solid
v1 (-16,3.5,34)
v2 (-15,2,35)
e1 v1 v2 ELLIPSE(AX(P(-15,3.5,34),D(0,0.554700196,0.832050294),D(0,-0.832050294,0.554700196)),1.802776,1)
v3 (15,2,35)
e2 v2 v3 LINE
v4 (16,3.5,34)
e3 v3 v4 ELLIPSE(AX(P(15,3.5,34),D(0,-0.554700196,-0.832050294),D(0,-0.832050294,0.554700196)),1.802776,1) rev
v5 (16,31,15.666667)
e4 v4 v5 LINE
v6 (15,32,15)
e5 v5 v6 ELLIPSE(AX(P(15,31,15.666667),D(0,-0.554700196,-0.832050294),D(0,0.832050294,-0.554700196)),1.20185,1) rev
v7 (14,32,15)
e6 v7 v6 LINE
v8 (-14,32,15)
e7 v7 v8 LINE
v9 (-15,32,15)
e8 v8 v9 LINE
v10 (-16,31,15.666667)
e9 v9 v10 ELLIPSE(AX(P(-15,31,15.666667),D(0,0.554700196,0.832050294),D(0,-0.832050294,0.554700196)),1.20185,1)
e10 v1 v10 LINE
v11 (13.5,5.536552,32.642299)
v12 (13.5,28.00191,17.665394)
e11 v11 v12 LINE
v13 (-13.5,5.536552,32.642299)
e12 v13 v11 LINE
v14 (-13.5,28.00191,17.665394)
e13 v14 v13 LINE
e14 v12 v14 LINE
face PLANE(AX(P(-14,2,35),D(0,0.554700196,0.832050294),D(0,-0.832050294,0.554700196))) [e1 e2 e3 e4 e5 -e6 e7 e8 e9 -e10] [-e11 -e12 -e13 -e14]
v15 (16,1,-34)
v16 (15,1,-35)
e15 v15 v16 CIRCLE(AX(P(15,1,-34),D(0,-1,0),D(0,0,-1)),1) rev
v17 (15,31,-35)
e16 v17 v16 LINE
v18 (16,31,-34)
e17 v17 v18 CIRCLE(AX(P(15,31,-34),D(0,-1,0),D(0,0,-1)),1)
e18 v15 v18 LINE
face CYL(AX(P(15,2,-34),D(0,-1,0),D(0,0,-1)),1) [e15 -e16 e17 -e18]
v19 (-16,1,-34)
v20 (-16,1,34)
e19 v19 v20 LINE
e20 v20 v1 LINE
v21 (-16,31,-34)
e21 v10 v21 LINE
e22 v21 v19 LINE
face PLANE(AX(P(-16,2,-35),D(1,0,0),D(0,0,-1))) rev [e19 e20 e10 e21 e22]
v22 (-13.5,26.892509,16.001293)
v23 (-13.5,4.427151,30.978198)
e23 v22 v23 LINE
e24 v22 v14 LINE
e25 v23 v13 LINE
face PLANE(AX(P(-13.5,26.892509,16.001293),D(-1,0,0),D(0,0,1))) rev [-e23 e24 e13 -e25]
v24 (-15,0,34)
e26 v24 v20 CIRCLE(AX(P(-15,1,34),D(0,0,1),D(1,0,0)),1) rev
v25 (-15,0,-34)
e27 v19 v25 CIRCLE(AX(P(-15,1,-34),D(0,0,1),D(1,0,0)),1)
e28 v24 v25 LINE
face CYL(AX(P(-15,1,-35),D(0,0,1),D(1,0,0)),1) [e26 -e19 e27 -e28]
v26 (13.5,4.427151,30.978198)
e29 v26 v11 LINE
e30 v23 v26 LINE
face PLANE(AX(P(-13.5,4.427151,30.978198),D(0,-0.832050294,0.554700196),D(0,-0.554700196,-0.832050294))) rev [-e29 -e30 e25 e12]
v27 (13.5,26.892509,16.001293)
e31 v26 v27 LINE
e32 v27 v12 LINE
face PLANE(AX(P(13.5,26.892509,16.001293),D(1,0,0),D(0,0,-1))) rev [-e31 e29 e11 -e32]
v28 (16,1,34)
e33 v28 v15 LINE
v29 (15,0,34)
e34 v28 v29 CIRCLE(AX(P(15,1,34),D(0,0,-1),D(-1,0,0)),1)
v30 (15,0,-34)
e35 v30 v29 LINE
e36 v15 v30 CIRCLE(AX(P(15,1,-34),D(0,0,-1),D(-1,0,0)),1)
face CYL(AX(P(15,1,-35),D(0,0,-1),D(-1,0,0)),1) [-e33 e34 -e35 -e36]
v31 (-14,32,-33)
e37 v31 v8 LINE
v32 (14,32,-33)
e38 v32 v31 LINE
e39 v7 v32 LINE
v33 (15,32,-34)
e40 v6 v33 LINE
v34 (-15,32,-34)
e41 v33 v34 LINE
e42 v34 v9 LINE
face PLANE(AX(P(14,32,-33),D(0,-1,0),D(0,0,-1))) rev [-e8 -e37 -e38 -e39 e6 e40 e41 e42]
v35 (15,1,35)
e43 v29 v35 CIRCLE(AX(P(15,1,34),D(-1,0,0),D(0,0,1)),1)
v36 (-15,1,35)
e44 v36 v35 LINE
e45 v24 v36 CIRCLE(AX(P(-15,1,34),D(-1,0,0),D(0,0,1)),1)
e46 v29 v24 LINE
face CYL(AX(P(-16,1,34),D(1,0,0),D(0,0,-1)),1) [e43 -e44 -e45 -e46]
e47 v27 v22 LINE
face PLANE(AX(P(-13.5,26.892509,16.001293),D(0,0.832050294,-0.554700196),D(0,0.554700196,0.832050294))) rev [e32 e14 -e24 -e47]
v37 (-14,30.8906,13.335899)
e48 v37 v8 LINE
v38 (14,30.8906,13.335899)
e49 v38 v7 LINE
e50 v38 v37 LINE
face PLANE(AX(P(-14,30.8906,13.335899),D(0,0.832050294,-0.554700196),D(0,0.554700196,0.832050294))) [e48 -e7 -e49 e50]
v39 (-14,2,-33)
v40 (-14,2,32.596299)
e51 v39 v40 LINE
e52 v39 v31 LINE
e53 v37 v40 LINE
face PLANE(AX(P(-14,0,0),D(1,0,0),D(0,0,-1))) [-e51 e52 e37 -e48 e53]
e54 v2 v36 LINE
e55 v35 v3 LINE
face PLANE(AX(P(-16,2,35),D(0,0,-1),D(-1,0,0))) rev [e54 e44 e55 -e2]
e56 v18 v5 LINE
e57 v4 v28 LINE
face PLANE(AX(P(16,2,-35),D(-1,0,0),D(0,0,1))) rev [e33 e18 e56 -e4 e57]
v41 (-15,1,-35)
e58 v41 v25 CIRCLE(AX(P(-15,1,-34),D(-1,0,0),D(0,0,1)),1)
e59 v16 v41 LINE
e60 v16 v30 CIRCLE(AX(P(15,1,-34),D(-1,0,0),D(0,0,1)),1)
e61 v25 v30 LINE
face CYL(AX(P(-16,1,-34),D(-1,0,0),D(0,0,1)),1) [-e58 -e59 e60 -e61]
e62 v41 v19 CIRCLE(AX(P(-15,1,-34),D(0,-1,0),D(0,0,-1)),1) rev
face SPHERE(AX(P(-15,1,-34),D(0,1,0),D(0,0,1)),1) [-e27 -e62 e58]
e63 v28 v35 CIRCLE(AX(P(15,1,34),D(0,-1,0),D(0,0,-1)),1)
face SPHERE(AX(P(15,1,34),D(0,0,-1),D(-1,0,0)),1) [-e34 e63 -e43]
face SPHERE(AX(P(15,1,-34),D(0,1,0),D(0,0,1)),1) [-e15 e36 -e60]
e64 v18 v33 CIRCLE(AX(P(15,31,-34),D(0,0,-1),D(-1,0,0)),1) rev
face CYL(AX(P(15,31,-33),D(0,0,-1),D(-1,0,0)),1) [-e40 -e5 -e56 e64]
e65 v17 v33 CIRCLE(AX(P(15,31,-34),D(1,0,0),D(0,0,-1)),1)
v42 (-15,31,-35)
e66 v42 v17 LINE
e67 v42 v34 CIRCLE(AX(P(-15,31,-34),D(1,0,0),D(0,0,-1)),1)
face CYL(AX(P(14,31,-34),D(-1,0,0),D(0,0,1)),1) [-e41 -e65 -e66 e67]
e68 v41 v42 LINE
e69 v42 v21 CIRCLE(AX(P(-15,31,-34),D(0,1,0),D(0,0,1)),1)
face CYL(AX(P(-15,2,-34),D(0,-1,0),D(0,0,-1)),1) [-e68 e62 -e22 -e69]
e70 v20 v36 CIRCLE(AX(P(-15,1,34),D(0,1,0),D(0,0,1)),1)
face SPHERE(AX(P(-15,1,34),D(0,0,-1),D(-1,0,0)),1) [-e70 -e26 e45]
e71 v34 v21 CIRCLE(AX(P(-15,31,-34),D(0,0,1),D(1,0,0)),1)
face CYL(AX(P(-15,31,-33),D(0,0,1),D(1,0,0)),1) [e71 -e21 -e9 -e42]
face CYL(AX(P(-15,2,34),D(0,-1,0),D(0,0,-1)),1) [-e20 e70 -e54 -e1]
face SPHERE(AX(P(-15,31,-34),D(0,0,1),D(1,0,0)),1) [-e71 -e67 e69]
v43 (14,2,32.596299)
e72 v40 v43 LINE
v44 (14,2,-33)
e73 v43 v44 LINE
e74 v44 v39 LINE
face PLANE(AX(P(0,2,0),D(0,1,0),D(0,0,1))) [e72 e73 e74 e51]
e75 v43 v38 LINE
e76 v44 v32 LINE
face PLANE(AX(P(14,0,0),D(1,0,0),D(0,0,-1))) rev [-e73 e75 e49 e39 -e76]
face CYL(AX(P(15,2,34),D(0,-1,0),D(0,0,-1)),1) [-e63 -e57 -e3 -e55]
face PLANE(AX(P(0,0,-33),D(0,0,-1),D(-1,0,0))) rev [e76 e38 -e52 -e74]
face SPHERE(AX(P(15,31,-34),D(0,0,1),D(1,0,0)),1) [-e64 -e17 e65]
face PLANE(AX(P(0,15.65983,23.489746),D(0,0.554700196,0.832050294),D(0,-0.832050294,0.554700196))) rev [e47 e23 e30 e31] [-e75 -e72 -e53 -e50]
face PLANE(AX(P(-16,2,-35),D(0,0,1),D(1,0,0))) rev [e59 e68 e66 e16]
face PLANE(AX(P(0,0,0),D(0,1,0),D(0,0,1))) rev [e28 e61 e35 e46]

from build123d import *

# Parameters (mm, degrees)
SKETCH2_W           = 32
SKETCH2_H           = 70
BOSS_EXTRUDE1_DEPTH = 2
BOSS_EXTRUDE2_DEPTH = 2
BOSS_EXTRUDE3_DEPTH = 2
SKETCH6_W           = 28
SKETCH6_H           = 30
BOSS_EXTRUDE4_DEPTH = 2
FILLET1_R           = 1
FILLET2_R           = 1
FILLET3_R           = 1
FILLET4_R           = 1
FILLET5_R           = 1
SKETCH7_W           = 28
SKETCH7_H           = 36.055512754
SKETCH7_W_2         = 27
SKETCH7_H_2         = 27
BOSS_EXTRUDE5_DEPTH = 2


with BuildPart() as part:
    # Sketch2 → Boss-Extrude1 (new body)
    with BuildSketch(Plane(origin=(0, 0, 0), x_dir=(1, 0, 0), z_dir=(0, 1, 0))):
        Rectangle(SKETCH2_W, SKETCH2_H)
    extrude(amount=BOSS_EXTRUDE1_DEPTH)



with BuildPart() as body_2:
    # Sketch4 → Boss-Extrude2 (new body)
    with BuildSketch(Plane.ZY.offset(16)):
        Polygon((35, 2), (15, 32), (-35, 32), (-35, 2), align=None)
    extrude(amount=-BOSS_EXTRUDE2_DEPTH)


with BuildPart() as body_3:
    # Sketch5 → Boss-Extrude3 (new body)
    with BuildSketch(Plane(origin=(16, 0, 0), x_dir=(0, 0, -1), z_dir=(1, 0, 0))):
        Polygon((-35, 2), (-15, 32), (35, 32), (35, 2), align=None)
    extrude(amount=-BOSS_EXTRUDE3_DEPTH)


with BuildPart() as part_1:
    add(part.part)

    add(body_2.part)  # Boss-Extrude4 merges body 2

    add(body_3.part)  # Boss-Extrude4 merges body 3
    # Sketch6 → Boss-Extrude4 (add)
    with BuildSketch(Plane(origin=(0, 0, -35), x_dir=(-1, 0, 0), z_dir=(0, 0, -1))):
        with Locations((0, 17)):
            Rectangle(SKETCH6_W, SKETCH6_H)
    extrude(amount=-BOSS_EXTRUDE4_DEPTH)

    # Fillet1
    fillet1_edges = [part_1.edges().sort_by_distance(p)[0] for p in [
        (16, 32, -10),
    ]]
    fillet(fillet1_edges, radius=FILLET1_R)

    # Fillet2
    fillet2_edges = [part_1.edges().sort_by_distance(p)[0] for p in [
        (-16, 32, -10),
    ]]
    fillet(fillet2_edges, radius=FILLET2_R)

    # Fillet3
    fillet3_edges = [part_1.edges().sort_by_distance(p)[0] for p in [
        (0, 32, -35),
        (16, 15.5, -35),
        (15.707106781, 31.707106781, -35),
        (-16, 15.5, -35),
        (-15.707106781, 31.707106781, -35),
    ]]
    fillet(fillet3_edges, radius=FILLET3_R)

    # Fillet4
    fillet4_edges = [part_1.edges().sort_by_distance(p)[0] for p in [
        (0, 0, -35),
        (16, 0, 0.5),
        (-16, 0, 0.5),
        (-15.707106781, 0, -34.707106781),
        (15.707106781, 0, -34.707106781),
    ]]
    fillet(fillet4_edges, radius=FILLET4_R)

    # Fillet5
    fillet5_edges = [part_1.edges().sort_by_distance(p)[0] for p in [
        (16, 1.5, 35),
        (-16, 1.5, 35),
        (0, 0, 35),
        (15.707106781, 0.292893219, 35),
        (-15.707106781, 0.292893219, 35),
    ]]
    fillet(fillet5_edges, radius=FILLET5_R)

    # Sketch7 → Boss-Extrude5 (add)
    with BuildSketch(Plane(origin=(0, 16.769230769, 25.153846154), x_dir=(1, 0, 0), z_dir=(0, 0.5547001962252296, 0.8320502943378435))):
        with Locations((0, 0.277350098)):
            Rectangle(SKETCH7_W, SKETCH7_H)
        Rectangle(SKETCH7_W_2, SKETCH7_H_2, mode=Mode.SUBTRACT)
    extrude(amount=-BOSS_EXTRUDE5_DEPTH)


solid = part_1.part
